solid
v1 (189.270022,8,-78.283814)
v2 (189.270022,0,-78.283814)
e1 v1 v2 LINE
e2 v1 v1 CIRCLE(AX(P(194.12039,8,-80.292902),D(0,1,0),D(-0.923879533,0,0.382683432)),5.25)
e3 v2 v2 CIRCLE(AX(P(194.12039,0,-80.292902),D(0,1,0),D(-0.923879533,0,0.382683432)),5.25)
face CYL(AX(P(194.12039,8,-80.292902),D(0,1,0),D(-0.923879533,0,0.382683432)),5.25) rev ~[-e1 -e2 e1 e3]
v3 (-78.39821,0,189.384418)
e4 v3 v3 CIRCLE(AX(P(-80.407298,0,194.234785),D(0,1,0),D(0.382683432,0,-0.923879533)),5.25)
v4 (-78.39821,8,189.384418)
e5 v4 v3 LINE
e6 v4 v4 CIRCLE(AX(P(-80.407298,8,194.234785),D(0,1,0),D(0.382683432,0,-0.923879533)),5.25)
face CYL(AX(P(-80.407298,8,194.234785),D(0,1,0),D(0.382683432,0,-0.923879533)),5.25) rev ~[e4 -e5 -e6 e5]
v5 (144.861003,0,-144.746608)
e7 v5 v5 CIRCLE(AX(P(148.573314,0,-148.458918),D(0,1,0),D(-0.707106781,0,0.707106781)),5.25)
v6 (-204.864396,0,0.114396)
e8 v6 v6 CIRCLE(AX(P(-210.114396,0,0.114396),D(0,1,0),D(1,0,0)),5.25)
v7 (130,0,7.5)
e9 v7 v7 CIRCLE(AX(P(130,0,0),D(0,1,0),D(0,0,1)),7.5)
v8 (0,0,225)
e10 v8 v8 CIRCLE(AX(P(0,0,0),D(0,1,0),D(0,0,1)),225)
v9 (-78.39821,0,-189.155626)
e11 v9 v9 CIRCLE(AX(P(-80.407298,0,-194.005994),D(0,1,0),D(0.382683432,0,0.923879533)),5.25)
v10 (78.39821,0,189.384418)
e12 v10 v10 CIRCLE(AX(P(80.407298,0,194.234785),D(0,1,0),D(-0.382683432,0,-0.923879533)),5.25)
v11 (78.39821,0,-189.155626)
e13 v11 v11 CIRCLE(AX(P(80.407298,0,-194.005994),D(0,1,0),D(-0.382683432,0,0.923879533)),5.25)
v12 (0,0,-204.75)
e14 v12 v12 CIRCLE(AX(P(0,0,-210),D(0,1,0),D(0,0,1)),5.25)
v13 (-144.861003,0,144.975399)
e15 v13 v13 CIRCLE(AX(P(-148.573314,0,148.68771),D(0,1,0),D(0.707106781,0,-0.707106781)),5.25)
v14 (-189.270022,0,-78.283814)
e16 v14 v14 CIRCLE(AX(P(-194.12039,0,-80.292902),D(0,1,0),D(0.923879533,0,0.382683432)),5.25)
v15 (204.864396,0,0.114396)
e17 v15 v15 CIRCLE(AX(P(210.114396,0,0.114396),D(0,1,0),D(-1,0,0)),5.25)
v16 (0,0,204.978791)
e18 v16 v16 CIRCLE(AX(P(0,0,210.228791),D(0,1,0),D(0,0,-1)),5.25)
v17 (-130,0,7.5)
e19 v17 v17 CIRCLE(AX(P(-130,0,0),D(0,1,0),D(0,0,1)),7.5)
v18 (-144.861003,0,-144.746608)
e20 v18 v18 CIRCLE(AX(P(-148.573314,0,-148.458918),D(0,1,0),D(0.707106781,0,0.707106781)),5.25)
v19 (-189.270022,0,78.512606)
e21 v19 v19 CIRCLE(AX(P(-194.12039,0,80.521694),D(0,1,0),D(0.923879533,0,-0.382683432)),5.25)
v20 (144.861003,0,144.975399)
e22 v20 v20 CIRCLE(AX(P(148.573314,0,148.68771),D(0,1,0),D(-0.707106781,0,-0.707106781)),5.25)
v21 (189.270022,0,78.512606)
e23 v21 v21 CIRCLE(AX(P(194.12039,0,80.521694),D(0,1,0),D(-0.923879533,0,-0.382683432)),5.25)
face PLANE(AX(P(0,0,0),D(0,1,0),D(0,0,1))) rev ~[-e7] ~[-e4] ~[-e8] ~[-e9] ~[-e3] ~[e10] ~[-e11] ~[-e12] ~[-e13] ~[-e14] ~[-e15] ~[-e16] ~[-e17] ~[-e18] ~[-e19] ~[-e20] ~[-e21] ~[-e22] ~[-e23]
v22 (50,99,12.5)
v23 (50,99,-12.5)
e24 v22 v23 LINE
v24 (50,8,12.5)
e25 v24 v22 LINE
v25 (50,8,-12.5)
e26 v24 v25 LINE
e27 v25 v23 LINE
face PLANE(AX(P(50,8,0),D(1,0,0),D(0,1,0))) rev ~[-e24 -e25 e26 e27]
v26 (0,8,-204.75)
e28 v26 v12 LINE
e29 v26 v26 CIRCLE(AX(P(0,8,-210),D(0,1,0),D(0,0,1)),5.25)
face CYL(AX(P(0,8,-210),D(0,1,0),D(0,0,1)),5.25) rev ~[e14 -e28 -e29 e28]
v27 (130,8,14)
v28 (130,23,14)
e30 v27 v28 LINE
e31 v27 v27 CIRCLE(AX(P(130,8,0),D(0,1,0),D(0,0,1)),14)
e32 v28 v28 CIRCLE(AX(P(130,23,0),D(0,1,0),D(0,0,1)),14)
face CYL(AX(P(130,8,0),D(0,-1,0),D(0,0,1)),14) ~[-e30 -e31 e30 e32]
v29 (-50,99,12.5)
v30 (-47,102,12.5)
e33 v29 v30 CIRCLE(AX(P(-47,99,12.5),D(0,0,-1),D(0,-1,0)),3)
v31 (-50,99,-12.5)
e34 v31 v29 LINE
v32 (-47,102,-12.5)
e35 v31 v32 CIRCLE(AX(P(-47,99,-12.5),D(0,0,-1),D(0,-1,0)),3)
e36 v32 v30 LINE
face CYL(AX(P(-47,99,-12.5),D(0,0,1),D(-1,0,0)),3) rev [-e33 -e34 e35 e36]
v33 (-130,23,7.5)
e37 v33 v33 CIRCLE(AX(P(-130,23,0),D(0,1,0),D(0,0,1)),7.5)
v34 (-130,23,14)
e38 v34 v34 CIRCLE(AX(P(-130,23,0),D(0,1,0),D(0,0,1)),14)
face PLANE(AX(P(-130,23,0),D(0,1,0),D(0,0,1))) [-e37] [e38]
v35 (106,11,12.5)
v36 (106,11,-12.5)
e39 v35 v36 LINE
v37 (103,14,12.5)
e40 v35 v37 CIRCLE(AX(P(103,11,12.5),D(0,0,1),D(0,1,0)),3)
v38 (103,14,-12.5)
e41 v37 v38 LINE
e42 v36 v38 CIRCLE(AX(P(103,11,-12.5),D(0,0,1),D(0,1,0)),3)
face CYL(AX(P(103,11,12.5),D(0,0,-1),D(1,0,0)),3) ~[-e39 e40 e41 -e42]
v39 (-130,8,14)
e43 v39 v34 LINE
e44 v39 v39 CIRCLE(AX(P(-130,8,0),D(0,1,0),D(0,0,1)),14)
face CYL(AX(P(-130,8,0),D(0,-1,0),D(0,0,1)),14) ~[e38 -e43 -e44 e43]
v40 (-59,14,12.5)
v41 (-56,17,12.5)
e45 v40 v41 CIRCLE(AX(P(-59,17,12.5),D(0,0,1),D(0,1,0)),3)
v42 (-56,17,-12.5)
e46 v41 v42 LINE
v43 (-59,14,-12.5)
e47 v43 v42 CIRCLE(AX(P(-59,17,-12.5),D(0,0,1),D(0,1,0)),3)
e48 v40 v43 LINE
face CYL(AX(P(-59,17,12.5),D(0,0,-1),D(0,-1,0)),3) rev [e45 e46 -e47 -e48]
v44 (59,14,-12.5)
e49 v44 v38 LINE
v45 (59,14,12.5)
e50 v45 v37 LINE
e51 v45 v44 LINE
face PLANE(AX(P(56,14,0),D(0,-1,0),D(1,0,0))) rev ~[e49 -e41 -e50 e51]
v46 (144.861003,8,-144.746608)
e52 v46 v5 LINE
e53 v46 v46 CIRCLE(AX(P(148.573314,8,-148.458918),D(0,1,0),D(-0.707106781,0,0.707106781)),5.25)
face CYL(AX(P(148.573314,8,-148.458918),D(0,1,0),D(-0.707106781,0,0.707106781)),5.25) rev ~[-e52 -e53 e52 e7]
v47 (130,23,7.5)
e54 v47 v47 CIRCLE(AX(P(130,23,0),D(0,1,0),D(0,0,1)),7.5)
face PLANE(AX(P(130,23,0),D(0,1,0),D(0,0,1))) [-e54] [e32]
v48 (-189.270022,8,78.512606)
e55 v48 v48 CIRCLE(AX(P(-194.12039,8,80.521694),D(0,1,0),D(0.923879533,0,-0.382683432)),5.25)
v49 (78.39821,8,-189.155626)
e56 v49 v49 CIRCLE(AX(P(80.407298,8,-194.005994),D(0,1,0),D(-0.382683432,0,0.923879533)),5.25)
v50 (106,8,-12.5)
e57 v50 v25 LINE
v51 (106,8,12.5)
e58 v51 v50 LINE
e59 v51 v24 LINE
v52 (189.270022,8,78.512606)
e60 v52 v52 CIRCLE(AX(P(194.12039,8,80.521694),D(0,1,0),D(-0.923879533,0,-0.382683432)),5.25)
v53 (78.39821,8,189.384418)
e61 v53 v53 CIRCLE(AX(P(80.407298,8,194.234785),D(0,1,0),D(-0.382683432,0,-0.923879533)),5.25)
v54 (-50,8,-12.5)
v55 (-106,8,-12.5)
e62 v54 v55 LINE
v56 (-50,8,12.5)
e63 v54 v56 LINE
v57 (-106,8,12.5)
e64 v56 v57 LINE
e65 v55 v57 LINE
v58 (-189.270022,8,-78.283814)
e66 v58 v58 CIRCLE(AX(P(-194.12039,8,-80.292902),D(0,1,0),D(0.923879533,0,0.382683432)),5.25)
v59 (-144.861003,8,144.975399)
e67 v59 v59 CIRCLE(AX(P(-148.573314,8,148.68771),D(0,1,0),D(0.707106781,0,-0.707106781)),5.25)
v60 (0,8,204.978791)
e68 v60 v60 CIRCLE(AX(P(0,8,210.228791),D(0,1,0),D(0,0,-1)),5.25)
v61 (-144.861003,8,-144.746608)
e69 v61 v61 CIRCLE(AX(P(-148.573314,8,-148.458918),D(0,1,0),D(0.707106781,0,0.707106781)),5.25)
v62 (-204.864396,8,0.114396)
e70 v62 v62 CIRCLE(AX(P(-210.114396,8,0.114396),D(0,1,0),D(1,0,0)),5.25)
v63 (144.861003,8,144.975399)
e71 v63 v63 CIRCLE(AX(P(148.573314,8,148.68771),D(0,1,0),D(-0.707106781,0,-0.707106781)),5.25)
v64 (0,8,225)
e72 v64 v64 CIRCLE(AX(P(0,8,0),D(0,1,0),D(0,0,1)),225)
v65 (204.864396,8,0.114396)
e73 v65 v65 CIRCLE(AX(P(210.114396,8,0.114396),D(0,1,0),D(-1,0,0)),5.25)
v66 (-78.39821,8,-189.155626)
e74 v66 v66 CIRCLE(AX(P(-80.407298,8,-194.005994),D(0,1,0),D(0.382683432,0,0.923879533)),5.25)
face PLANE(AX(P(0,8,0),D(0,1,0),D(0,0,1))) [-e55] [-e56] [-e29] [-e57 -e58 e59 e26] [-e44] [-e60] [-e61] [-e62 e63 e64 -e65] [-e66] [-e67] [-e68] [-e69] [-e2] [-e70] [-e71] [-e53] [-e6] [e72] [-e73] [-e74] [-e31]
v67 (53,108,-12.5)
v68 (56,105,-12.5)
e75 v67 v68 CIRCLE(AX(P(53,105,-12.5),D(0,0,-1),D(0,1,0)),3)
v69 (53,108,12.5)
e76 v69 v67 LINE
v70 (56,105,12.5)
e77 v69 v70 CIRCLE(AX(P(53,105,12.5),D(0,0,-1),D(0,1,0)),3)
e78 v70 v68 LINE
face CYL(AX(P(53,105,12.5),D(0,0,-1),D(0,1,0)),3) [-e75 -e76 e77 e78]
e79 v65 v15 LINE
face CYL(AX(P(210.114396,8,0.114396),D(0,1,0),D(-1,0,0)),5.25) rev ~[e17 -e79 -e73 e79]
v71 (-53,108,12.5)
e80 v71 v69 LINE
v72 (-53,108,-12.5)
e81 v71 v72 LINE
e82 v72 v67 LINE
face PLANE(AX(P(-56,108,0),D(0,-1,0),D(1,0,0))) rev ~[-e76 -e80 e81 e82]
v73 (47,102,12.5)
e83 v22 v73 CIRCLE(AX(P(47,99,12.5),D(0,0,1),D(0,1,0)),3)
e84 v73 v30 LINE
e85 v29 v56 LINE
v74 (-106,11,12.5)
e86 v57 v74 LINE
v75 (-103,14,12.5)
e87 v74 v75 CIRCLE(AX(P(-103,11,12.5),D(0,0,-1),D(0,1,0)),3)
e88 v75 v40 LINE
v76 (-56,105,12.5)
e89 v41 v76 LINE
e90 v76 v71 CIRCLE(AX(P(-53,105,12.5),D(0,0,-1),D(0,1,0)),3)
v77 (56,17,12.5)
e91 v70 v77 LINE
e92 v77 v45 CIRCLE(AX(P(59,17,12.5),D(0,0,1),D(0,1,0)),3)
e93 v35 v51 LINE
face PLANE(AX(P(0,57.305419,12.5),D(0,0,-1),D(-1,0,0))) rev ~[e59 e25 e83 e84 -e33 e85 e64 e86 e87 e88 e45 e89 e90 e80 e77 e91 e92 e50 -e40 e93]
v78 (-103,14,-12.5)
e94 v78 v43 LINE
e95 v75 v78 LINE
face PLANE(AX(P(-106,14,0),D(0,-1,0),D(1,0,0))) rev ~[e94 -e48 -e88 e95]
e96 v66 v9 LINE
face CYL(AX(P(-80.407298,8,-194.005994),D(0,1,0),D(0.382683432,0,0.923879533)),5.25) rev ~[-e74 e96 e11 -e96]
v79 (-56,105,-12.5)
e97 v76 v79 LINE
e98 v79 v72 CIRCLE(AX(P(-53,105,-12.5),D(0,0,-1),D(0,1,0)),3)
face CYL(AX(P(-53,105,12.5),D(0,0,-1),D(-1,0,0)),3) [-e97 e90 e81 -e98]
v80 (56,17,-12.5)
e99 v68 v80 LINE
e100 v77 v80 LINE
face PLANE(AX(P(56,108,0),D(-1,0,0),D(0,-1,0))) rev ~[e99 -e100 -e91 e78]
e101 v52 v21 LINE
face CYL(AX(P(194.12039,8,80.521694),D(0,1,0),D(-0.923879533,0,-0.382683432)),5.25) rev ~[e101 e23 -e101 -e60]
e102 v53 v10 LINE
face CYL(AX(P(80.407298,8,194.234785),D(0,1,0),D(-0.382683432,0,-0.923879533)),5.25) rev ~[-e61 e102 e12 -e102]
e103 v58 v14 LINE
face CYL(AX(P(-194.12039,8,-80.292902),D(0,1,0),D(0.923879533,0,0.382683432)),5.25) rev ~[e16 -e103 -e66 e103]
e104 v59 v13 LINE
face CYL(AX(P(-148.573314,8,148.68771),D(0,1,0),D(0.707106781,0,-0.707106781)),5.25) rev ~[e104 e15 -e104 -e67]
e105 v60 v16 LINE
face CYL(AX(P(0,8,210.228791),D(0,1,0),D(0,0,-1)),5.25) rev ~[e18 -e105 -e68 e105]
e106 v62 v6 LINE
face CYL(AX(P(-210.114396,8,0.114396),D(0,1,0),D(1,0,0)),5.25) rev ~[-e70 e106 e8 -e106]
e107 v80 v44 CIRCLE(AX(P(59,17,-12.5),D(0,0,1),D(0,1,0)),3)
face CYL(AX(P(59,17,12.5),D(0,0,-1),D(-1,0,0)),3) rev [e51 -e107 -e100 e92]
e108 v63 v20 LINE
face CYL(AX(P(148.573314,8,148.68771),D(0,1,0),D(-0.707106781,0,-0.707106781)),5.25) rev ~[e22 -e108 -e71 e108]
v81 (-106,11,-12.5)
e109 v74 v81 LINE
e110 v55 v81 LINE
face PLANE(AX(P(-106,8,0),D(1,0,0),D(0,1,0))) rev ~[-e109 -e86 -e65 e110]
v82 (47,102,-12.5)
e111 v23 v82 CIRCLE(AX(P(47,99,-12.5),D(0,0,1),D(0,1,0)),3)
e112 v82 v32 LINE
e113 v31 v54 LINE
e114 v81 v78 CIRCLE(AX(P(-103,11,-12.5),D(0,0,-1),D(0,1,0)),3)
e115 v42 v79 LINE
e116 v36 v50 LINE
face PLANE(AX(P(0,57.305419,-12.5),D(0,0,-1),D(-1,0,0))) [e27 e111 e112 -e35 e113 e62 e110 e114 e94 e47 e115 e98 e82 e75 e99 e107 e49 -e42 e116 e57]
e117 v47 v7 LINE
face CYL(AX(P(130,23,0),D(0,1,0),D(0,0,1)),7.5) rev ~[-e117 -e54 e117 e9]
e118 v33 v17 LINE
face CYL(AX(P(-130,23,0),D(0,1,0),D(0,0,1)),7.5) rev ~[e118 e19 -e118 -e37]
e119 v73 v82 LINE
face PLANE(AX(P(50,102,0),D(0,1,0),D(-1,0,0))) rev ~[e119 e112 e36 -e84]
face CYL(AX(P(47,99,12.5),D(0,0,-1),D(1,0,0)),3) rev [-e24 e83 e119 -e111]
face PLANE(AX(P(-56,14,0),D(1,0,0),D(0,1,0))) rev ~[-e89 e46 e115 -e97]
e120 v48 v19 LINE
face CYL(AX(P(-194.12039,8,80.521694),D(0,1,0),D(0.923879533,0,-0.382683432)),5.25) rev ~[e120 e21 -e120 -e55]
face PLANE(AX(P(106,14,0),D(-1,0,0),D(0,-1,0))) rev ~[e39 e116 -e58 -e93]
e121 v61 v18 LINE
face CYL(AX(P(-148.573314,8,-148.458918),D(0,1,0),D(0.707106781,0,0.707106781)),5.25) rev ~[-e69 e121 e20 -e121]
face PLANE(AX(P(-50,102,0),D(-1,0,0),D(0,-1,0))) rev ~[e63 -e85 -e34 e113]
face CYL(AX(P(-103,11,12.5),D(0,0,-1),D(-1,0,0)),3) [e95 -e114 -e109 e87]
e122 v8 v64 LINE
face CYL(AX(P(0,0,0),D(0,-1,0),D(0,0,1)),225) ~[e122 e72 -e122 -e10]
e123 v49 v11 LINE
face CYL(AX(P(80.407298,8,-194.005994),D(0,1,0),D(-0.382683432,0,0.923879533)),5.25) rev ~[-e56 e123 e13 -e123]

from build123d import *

# Parameters (mm, degrees)
SKETCH1_R           = 225
BOSS_EXTRUDE1_DEPTH = 8
SKETCH2_R           = 5.25
CUT_EXTRUDE1_DEPTH  = 319.298601945
CIRPATTERN1_COUNT   = 16
SKETCH3_R           = 14
BOSS_EXTRUDE2_DEPTH = 15
SKETCH4_R           = 7.5
CUT_EXTRUDE2_DEPTH  = 320.028211919
SKETCH5_R           = 14
BOSS_EXTRUDE3_DEPTH = 15
SKETCH6_R           = 7.5
CUT_EXTRUDE3_DEPTH  = 320.028211919
BOSS_EXTRUDE4_DEPTH = 12.5
FILLET1_R           = 3


with BuildPart() as part:
    # Sketch1 → Boss-Extrude1 (new body)
    with BuildSketch(Plane(origin=(0, 0, 0), x_dir=(1, 0, 0), z_dir=(0, 1, 0))):
        with Locations(Location((0, 0, 0), (0, 0, 270))):
            Circle(SKETCH1_R)
    extrude(amount=BOSS_EXTRUDE1_DEPTH)

    # Sketch2 → Cut-Extrude1 (cut, through all)
    with BuildSketch(Plane(origin=(0, 8, 0), x_dir=(1, 0, 0), z_dir=(0, 1, 0))):
        with Locations(Location((0, 210, 0), (0, 0, 270))):
            Circle(SKETCH2_R)
    cut_extrude1 = extrude(amount=-CUT_EXTRUDE1_DEPTH, mode=Mode.SUBTRACT)

    # CirPattern1: Cut-Extrude1 ×16 about axis
    cirpattern1_axis = Axis((0, 0, 0.114395615), (0, 1, 0))
    for i in range(1, CIRPATTERN1_COUNT):
        add(cut_extrude1.rotate(cirpattern1_axis, i * 360 / CIRPATTERN1_COUNT), mode=Mode.SUBTRACT)

    # Sketch3 → Boss-Extrude2 (add)
    with BuildSketch(Plane(origin=(0, 8, 0), x_dir=(1, 0, 0), z_dir=(0, 1, 0))):
        with Locations(Location((-130, 0, 0), (0, 0, 270))):
            Circle(SKETCH3_R)
    extrude(amount=BOSS_EXTRUDE2_DEPTH)

    # Sketch4 → Cut-Extrude2 (cut, through all)
    with BuildSketch(Plane(origin=(0, 23, 0), x_dir=(1, 0, 0), z_dir=(0, 1, 0))):
        with Locations(Location((-130, 0, 0), (0, 0, 270))):
            Circle(SKETCH4_R)
    extrude(amount=-CUT_EXTRUDE2_DEPTH, mode=Mode.SUBTRACT)

    # Sketch5 → Boss-Extrude3 (add)
    with BuildSketch(Plane(origin=(0, 8, 0), x_dir=(1, 0, 0), z_dir=(0, 1, 0))):
        with Locations(Location((130, 0, 0), (0, 0, 270))):
            Circle(SKETCH5_R)
    extrude(amount=BOSS_EXTRUDE3_DEPTH)

    # Sketch6 → Cut-Extrude3 (cut, through all)
    with BuildSketch(Plane(origin=(0, 23, 0), x_dir=(1, 0, 0), z_dir=(0, 1, 0))):
        with Locations(Location((130, 0, 0), (0, 0, 270))):
            Circle(SKETCH6_R)
    extrude(amount=-CUT_EXTRUDE3_DEPTH, mode=Mode.SUBTRACT)

    # Sketch7 → Boss-Extrude4 (add, symmetric)
    with BuildSketch(Plane.XY):
        Polygon((-106, 8), (-106, 14), (-56, 14), (-56, 108), (56, 108), (56, 14), (106, 14), (106, 8), (50, 8), (50, 102), (-50, 102), (-50, 8), align=None)
    extrude(amount=BOSS_EXTRUDE4_DEPTH, both=True)

    # Fillet1
    fillet1_edges = [part.edges().sort_by_distance(p)[0] for p in [
        (-50, 102, 0),
        (50, 102, 0),
        (106, 14, 0),
        (56, 14, 0),
        (56, 108, 0),
        (-56, 108, 0),
        (-56, 14, 0),
        (-106, 14, 0),
    ]]
    fillet(fillet1_edges, radius=FILLET1_R)


solid = part.part
